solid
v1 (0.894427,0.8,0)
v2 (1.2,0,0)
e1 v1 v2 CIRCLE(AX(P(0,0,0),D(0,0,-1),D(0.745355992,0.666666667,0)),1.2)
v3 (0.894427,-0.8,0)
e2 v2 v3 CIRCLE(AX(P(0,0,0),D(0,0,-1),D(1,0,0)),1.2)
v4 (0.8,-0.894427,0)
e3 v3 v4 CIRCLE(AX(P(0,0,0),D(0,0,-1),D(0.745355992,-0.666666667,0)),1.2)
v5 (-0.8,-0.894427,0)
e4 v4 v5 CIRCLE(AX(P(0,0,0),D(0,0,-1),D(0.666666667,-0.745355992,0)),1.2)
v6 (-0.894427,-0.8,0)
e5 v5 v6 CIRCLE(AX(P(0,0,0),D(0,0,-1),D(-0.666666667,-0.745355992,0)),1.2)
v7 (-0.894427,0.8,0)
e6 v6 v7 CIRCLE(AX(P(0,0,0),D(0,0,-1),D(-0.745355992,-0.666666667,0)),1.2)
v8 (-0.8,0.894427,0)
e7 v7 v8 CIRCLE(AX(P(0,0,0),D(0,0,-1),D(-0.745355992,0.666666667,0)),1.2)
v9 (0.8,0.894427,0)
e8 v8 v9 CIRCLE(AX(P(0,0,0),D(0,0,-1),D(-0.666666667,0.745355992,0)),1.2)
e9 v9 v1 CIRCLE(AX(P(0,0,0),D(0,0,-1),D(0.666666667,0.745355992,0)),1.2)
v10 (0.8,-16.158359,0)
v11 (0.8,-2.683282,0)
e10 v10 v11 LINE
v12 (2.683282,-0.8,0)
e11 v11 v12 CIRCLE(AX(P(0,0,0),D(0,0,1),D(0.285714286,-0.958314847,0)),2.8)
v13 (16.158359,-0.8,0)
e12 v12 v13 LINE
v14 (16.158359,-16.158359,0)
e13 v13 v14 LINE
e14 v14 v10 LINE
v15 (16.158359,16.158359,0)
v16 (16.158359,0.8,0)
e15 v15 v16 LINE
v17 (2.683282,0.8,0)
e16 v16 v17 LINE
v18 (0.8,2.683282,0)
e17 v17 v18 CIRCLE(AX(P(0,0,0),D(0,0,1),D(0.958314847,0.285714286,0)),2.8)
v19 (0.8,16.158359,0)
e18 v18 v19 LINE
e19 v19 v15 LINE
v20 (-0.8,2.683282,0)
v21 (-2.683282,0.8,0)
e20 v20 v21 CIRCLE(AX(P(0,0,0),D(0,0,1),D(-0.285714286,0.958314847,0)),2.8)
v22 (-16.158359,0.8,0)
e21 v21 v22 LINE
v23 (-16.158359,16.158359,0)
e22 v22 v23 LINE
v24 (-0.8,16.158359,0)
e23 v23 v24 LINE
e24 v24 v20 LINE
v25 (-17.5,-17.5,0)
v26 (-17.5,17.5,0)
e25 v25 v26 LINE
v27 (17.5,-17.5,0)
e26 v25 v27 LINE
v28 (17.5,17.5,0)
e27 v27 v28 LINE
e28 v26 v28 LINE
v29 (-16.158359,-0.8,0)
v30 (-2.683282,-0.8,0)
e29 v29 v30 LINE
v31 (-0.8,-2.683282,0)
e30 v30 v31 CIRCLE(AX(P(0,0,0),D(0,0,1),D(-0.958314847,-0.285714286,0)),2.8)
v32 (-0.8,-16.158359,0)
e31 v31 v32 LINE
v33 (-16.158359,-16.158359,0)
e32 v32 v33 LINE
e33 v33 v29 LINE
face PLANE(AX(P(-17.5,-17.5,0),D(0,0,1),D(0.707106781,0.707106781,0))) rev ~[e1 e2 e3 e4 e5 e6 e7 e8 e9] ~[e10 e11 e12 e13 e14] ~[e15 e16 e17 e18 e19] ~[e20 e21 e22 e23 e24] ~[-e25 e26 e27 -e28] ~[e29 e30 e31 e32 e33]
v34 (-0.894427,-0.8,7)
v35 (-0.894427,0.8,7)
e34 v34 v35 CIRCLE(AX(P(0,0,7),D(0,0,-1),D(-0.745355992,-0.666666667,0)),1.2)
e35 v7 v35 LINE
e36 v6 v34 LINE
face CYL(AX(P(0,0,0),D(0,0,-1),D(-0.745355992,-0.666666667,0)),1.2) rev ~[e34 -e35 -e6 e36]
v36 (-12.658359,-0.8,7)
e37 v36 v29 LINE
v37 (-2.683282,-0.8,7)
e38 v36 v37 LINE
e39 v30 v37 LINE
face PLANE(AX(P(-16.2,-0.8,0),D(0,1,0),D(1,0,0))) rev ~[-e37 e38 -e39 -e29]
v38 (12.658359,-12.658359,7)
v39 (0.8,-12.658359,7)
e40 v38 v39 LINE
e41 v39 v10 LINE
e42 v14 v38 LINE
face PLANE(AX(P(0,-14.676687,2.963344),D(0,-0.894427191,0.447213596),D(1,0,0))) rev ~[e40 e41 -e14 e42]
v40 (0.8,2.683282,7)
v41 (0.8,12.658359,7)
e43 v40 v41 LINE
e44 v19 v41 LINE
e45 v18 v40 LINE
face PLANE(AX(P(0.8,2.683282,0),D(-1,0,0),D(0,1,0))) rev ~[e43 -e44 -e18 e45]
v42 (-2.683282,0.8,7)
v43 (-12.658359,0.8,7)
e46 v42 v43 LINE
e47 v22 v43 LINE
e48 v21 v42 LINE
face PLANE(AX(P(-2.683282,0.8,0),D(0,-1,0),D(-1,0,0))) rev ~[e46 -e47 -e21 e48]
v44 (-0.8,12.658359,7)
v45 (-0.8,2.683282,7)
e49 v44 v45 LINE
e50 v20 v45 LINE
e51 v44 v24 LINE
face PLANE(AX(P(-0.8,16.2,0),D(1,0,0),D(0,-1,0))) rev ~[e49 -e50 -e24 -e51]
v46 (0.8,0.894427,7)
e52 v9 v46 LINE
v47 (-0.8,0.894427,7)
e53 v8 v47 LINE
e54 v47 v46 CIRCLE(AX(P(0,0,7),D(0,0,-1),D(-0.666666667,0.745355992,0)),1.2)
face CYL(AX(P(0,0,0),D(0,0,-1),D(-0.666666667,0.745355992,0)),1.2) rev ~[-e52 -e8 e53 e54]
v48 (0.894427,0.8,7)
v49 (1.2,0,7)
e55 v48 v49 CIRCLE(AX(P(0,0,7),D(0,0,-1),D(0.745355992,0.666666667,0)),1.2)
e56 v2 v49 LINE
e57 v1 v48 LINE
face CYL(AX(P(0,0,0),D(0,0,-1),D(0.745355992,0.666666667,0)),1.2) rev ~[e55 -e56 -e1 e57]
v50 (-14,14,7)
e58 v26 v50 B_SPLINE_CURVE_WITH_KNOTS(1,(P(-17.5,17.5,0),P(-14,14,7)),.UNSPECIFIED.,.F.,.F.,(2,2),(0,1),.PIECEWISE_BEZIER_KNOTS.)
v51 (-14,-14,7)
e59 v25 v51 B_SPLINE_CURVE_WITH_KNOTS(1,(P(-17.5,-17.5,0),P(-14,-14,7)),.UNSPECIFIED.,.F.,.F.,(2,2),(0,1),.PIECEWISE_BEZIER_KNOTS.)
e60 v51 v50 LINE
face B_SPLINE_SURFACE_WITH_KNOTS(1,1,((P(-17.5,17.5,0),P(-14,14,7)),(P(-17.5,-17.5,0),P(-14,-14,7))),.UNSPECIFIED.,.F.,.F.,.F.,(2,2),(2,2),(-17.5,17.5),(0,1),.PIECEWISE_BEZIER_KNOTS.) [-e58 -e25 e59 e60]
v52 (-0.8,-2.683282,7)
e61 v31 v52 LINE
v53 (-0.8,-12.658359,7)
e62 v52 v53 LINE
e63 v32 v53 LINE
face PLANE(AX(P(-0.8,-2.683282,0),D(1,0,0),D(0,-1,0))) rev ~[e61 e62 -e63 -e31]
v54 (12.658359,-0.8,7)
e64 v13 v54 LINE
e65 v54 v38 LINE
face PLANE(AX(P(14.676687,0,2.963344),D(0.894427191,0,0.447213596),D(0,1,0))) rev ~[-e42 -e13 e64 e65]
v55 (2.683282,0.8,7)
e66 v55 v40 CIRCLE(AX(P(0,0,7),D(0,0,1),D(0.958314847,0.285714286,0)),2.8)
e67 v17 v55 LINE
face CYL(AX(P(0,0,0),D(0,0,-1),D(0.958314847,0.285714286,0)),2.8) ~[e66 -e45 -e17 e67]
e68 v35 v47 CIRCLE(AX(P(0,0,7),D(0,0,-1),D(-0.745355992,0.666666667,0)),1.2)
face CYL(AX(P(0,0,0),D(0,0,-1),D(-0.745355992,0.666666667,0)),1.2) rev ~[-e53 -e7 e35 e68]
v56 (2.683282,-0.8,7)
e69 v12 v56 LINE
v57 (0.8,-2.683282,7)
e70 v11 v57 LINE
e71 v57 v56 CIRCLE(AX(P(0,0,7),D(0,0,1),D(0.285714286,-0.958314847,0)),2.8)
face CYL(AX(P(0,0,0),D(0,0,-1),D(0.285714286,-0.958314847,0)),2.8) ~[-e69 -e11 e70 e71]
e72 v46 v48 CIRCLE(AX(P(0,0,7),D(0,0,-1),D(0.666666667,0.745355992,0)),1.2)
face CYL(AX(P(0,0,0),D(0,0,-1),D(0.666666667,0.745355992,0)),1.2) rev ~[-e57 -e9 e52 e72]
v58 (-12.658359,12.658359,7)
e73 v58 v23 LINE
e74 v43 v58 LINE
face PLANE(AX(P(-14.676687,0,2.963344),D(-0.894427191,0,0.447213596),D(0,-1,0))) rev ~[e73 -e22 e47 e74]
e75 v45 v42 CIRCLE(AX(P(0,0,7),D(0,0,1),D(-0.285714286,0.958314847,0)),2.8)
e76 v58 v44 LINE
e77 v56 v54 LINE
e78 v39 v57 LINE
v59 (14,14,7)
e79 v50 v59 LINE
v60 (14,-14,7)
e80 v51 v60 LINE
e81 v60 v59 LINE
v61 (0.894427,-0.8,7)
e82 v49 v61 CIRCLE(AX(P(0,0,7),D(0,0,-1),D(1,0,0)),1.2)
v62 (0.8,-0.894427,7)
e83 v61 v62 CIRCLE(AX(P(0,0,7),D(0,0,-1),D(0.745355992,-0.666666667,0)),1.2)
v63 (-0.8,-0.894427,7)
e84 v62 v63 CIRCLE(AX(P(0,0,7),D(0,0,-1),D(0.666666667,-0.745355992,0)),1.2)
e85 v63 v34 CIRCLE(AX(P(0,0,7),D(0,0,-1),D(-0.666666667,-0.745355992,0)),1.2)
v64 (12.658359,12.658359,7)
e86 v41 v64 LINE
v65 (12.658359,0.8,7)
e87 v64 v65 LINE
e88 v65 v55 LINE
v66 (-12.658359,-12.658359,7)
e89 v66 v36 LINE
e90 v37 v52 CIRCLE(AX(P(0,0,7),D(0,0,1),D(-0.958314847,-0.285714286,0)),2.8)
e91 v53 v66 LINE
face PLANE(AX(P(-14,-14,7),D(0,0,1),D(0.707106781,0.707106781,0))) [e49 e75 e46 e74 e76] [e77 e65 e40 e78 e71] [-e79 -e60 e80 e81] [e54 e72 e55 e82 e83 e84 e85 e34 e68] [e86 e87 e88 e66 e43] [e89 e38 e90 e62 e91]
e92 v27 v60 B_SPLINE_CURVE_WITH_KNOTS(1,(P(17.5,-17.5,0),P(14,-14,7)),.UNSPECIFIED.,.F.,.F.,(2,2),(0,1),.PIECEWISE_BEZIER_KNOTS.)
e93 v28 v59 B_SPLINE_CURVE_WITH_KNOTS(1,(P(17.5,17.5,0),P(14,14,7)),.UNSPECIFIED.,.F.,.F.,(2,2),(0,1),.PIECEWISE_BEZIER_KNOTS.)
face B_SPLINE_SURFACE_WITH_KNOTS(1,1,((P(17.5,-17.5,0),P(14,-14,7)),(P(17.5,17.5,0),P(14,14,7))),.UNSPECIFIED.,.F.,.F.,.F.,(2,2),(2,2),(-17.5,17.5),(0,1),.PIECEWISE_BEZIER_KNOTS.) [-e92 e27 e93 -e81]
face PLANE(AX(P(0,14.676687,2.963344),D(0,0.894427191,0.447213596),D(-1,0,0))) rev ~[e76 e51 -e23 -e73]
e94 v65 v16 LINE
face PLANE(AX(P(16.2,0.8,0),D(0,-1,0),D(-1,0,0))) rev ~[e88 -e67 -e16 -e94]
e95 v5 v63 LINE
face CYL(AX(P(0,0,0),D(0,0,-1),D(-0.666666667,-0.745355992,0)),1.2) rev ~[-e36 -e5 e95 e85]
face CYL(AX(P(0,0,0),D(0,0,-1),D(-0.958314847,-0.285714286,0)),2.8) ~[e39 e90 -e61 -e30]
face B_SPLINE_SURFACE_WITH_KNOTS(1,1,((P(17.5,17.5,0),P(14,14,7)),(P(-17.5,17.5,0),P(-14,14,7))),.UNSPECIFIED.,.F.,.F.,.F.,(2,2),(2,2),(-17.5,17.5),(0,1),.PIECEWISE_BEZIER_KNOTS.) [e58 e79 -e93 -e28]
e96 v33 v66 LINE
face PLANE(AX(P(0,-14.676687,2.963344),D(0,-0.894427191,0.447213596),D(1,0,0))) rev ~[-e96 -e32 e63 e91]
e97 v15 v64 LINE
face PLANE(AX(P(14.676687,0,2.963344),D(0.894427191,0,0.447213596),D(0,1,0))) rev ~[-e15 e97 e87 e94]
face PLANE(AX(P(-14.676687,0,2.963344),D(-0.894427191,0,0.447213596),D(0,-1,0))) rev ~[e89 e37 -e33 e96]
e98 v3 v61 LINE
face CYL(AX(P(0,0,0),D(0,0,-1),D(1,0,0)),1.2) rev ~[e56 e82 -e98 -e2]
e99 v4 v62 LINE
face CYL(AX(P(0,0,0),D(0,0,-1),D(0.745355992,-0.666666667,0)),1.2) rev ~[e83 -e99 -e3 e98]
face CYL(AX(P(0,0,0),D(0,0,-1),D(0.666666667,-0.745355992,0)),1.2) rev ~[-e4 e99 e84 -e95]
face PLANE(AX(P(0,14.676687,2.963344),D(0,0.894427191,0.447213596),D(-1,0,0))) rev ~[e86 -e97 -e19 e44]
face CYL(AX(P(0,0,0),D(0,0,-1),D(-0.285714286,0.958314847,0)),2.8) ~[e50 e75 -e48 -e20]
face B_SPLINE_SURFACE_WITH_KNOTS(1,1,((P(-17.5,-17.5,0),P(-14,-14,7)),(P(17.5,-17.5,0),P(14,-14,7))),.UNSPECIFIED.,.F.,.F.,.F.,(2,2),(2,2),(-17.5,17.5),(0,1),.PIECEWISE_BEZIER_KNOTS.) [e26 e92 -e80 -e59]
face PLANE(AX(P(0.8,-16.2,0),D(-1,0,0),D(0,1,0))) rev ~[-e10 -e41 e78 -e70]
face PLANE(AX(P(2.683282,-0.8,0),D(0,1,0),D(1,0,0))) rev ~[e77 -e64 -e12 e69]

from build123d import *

# Parameters (mm, degrees)
F0_W       = 35
F0_H       = 35
F2_W       = 28
F2_H       = 28
F4_T       = -1.2
F6_DEPTH   = 7
F7_SIZE2   = 3
F7_SIZE    = 6
F7_2_SIZE2 = 3
F7_2_SIZE  = 6
F7_3_SIZE2 = 3
F7_3_SIZE  = 6
F7_4_SIZE2 = 3
F7_4_SIZE  = 6


with BuildPart() as f3:
    # F0 (on Top) → F3 section 0
    with BuildSketch(Plane.XY):
        Rectangle(F0_W, F0_H)
    # F2 (on offset) → F3 section 1
    with BuildSketch(Plane.XY.offset(7)):
        Rectangle(F2_W, F2_H)
    loft()

    # F4
    f4_openings = [f3.faces().sort_by_distance(p)[0] for p in [
        (0, 0, 7),
        (0, 0, 0),
    ]]
    offset(amount=F4_T, openings=f4_openings)


with BuildPart() as f6:
    # F5 (on Top) → F6 (new body, through all)
    with BuildSketch(Plane.XY):
        with BuildLine():
            ThreePointArc((-2.683281573, -0.8), (-2.8, 0), (-2.683281573, 0.8))
            Line((-2.683281573, 0.8), (-16.2, 0.8))
            Line((-16.2, 0.8), (-16.2, -0.8))
            Line((-16.2, -0.8), (-2.683281573, -0.8))
        make_face()
        with BuildLine():
            ThreePointArc((-0.894427191, -0.8), (-1.2, 0), (-0.894427191, 0.8))
            Line((-0.894427191, 0.8), (-2.683281573, 0.8))
            ThreePointArc((-2.683281573, 0.8), (-2.8, 0), (-2.683281573, -0.8))
            Line((-2.683281573, -0.8), (-0.894427191, -0.8))
        make_face()
        with BuildLine():
            ThreePointArc((-0.894427191, 0.8), (-0.8485281374, 0.8485281374), (-0.8, 0.894427191))
            Line((-0.8, 0.894427191), (-0.8, 2.683281573))
            ThreePointArc((-0.8, 2.683281573), (-1.9798989873, 1.9798989873), (-2.683281573, 0.8))
            Line((-2.683281573, 0.8), (-0.894427191, 0.8))
        make_face()
        with BuildLine():
            ThreePointArc((-0.8, 0.894427191), (0, 1.2), (0.8, 0.894427191))
            Line((0.8, 0.894427191), (0.8, 2.683281573))
            ThreePointArc((0.8, 2.683281573), (0, 2.8), (-0.8, 2.683281573))
            Line((-0.8, 2.683281573), (-0.8, 0.894427191))
        make_face()
        with BuildLine():
            ThreePointArc((-0.8, 2.683281573), (0, 2.8), (0.8, 2.683281573))
            Line((0.8, 2.683281573), (0.8, 16.2))
            Line((0.8, 16.2), (-0.8, 16.2))
            Line((-0.8, 16.2), (-0.8, 2.683281573))
        make_face()
        with BuildLine():
            ThreePointArc((0.8, 0.894427191), (0.8485281374, 0.8485281374), (0.894427191, 0.8))
            Line((0.894427191, 0.8), (2.683281573, 0.8))
            ThreePointArc((2.683281573, 0.8), (1.9798989873, 1.9798989873), (0.8, 2.683281573))
            Line((0.8, 2.683281573), (0.8, 0.894427191))
        make_face()
        with BuildLine():
            ThreePointArc((0.894427191, 0.8), (1.1210068308, 0.4281865077), (1.2, 0))
            ThreePointArc((1.2, 0), (1.1210068308, -0.4281865077), (0.894427191, -0.8))
            Line((0.894427191, -0.8), (2.683281573, -0.8))
            ThreePointArc((2.683281573, -0.8), (2.7706667433, -0.40423483), (2.8, 0))
            ThreePointArc((2.8, 0), (2.7706667433, 0.40423483), (2.683281573, 0.8))
            Line((2.683281573, 0.8), (0.894427191, 0.8))
        make_face()
        with BuildLine():
            Line((16.2, 0.8), (2.683281573, 0.8))
            ThreePointArc((2.683281573, 0.8), (2.7706667433, 0.40423483), (2.8, 0))
            ThreePointArc((2.8, 0), (2.7706667433, -0.40423483), (2.683281573, -0.8))
            Line((2.683281573, -0.8), (16.2, -0.8))
            Line((16.2, -0.8), (16.2, 0.8))
        make_face()
        with BuildLine():
            Line((2.683281573, -0.8), (0.894427191, -0.8))
            ThreePointArc((0.894427191, -0.8), (0.8485281374, -0.8485281374), (0.8, -0.894427191))
            Line((0.8, -0.894427191), (0.8, -2.683281573))
            ThreePointArc((0.8, -2.683281573), (1.9798989873, -1.9798989873), (2.683281573, -0.8))
        make_face()
        with BuildLine():
            Line((-0.8, -2.683281573), (-0.8, -0.894427191))
            ThreePointArc((-0.8, -0.894427191), (-0.8485281374, -0.8485281374), (-0.894427191, -0.8))
            Line((-0.894427191, -0.8), (-2.683281573, -0.8))
            ThreePointArc((-2.683281573, -0.8), (-1.9798989873, -1.9798989873), (-0.8, -2.683281573))
        make_face()
        with BuildLine():
            Line((0.8, -2.683281573), (0.8, -0.894427191))
            ThreePointArc((0.8, -0.894427191), (0, -1.2), (-0.8, -0.894427191))
            Line((-0.8, -0.894427191), (-0.8, -2.683281573))
            ThreePointArc((-0.8, -2.683281573), (0, -2.8), (0.8, -2.683281573))
        make_face()
        with BuildLine():
            Line((0.8, -16.2), (0.8, -2.683281573))
            ThreePointArc((0.8, -2.683281573), (0, -2.8), (-0.8, -2.683281573))
            Line((-0.8, -2.683281573), (-0.8, -16.2))
            Line((-0.8, -16.2), (0.8, -16.2))
        make_face()
    extrude(amount=F6_DEPTH)

    # F7
    f7_edges = [f6.edges().sort_by_distance(p)[0] for p in [
        (-16.2, 0, 7),
    ]]
    f7_side = f6.faces().sort_by_distance((-16.2, 0, 3.5))[0]
    chamfer(f7_edges, length=F7_SIZE, length2=F7_SIZE2, reference=f7_side)

    # F7#2
    f7_2_edges = [f6.edges().sort_by_distance(p)[0] for p in [
        (0, 16.2, 7),
    ]]
    f7_2_side = f6.faces().sort_by_distance((0, 16.2, 3.5))[0]
    chamfer(f7_2_edges, length=F7_2_SIZE, length2=F7_2_SIZE2, reference=f7_2_side)

    # F7#3
    f7_3_edges = [f6.edges().sort_by_distance(p)[0] for p in [
        (16.2, 0, 7),
    ]]
    f7_3_side = f6.faces().sort_by_distance((16.2, 0, 3.5))[0]
    chamfer(f7_3_edges, length=F7_3_SIZE, length2=F7_3_SIZE2, reference=f7_3_side)

    # F7#4
    f7_4_edges = [f6.edges().sort_by_distance(p)[0] for p in [
        (0, -16.2, 7),
    ]]
    f7_4_side = f6.faces().sort_by_distance((0, -16.2, 3.5))[0]
    chamfer(f7_4_edges, length=F7_4_SIZE, length2=F7_4_SIZE2, reference=f7_4_side)


with BuildPart() as f3_1:
    add(f3.part)

    # F8: union F6
    add(f6.part)


solid = f3_1.part
